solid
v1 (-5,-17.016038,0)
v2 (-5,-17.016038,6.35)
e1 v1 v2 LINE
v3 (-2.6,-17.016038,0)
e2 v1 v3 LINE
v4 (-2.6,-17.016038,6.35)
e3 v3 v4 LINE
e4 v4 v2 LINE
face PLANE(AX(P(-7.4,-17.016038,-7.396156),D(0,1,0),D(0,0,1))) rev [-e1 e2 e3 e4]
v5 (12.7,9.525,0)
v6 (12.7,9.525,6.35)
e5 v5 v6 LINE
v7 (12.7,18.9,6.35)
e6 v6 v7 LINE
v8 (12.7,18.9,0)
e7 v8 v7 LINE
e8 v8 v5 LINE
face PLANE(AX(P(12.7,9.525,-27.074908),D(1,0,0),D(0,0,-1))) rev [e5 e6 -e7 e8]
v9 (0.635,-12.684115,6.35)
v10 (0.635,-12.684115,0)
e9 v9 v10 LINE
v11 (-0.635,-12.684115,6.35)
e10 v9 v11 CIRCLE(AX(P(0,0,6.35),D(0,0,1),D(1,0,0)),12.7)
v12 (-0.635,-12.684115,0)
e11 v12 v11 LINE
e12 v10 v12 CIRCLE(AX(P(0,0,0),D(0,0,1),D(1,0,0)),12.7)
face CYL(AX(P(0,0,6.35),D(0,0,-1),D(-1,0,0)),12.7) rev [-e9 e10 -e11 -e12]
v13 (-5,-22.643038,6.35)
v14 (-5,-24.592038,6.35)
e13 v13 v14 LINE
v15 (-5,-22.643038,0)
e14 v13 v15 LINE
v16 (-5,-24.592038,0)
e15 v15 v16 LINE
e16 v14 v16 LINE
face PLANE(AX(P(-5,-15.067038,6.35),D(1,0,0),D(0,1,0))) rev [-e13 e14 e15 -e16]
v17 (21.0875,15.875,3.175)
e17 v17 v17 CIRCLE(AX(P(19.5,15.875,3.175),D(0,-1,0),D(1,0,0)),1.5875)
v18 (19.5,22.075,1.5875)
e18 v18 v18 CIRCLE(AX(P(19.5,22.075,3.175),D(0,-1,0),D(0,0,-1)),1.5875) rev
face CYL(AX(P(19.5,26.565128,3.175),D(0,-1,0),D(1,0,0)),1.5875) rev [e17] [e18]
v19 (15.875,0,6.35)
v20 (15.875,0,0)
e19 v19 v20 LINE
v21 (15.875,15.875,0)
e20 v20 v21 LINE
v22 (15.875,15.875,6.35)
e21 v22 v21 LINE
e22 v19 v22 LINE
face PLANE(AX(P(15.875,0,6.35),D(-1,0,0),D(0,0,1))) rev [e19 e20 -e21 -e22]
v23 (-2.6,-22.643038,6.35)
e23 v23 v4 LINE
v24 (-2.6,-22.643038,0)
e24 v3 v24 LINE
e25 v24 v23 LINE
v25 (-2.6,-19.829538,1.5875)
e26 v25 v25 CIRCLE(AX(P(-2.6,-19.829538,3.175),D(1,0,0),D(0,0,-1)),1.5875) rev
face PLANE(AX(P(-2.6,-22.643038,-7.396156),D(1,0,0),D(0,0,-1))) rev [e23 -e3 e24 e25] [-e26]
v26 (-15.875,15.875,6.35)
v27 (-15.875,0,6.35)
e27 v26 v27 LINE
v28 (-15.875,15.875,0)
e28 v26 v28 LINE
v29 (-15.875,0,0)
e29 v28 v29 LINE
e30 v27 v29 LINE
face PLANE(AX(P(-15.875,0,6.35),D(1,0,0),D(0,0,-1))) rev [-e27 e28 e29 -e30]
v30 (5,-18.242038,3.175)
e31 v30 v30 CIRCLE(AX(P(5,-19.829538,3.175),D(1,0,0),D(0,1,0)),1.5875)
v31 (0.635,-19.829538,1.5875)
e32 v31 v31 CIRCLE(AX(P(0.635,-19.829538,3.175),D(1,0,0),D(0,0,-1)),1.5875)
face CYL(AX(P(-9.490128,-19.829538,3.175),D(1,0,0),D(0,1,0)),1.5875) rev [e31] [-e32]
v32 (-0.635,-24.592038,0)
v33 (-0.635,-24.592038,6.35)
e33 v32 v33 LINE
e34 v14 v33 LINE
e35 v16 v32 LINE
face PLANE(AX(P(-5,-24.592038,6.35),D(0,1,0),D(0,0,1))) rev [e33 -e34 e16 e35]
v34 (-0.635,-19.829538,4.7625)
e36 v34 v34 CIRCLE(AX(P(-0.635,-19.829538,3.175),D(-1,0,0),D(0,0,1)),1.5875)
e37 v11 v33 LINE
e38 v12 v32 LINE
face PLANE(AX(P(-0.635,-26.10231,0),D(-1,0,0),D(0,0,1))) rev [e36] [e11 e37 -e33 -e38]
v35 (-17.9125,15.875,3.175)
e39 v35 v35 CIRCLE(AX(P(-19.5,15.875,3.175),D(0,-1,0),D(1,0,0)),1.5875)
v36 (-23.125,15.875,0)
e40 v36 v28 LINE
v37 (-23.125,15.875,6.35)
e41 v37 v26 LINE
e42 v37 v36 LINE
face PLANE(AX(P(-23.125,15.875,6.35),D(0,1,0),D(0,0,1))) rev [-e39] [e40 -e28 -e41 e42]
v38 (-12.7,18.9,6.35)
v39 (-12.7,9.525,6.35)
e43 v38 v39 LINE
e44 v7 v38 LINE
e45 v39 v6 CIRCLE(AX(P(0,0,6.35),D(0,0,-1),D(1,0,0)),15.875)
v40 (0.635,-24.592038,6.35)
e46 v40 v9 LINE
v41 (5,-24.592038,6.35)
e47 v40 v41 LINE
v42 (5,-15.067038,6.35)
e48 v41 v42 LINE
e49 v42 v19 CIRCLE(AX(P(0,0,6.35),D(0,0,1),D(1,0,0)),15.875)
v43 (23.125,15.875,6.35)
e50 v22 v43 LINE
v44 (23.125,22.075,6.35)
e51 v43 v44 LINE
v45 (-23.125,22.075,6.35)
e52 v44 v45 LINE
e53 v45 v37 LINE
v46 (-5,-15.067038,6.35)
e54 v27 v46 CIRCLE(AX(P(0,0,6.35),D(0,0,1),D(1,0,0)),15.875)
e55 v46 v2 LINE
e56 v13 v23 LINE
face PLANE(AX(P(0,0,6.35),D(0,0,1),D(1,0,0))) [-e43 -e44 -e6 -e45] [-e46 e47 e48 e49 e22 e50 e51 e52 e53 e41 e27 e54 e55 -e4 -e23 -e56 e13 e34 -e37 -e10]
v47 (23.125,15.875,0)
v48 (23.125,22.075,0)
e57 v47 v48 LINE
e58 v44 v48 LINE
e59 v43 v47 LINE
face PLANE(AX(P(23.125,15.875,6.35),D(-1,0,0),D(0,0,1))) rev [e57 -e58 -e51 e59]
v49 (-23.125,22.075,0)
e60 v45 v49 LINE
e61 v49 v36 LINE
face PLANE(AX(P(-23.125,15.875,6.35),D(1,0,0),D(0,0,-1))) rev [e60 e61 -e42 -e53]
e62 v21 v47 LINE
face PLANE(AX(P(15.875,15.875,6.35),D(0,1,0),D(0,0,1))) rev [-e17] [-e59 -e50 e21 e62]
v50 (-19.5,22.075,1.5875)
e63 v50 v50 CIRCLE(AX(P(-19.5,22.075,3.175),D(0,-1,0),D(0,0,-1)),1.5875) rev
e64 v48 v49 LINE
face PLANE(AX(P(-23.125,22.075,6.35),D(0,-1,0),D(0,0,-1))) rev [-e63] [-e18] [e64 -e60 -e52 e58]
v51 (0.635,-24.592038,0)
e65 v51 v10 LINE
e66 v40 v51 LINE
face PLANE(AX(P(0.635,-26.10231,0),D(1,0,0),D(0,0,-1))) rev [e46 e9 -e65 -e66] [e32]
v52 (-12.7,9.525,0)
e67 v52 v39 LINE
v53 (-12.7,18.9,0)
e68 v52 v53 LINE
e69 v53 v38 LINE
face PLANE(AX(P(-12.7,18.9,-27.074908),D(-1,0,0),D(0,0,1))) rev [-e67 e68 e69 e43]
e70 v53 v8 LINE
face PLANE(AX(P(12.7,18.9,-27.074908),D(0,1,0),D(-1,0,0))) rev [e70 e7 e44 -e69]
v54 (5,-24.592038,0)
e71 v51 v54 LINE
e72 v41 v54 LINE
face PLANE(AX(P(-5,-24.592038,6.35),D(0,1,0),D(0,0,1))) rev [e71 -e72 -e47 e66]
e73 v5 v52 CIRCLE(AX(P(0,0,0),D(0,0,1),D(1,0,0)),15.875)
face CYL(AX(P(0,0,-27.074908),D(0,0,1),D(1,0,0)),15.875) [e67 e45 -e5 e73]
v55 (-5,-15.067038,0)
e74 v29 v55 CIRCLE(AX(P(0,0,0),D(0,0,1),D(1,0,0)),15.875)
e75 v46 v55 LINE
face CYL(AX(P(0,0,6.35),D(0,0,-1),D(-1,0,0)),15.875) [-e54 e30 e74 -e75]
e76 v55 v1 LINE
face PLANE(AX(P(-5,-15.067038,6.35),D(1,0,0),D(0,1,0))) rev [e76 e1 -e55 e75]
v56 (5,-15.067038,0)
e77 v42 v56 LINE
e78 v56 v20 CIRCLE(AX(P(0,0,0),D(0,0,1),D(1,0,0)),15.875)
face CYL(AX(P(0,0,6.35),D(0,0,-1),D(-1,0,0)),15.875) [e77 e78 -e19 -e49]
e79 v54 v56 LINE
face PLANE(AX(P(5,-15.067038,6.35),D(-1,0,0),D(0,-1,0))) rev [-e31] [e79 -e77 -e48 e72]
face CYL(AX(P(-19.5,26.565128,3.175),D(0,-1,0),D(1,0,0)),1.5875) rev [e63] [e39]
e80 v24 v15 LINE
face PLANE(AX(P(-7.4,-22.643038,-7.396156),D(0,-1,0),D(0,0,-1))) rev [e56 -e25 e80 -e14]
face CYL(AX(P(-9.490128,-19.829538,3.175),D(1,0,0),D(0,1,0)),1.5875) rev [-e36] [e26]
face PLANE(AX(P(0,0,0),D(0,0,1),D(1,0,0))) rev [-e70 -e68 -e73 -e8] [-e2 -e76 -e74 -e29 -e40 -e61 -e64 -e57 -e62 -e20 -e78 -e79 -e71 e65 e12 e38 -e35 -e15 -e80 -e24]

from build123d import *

# Parameters (mm, degrees)
PROFILE_SKETCH_R             = 12.7
PROFILE_EXTRUDE_DEPTH        = 6.35
GAP_SKETCH_W                 = 1.27
GAP_SKETCH_H                 = 17.15262
GAP_CUT_DEPTH                = 7.35
CROSSBOLT_HOLE_SKETCH_R      = 1.5875
CROSSBOLT_HOLE_CUT_DEPTH     = 10
NUT_CAPTURE_POCKET_SKETCH_W  = 4.8
NUT_CAPTURE_POCKET_SKETCH_H  = 5.627
NUT_CAPTURE_POCKET_CUT_DEPTH = 6.35
MOUNTING_HOLE_SKETCH_R       = 1.5875
MOUNTING_HOLE_CUT_DEPTH      = 6.2
LIGHTENING_POCKET_CUT_DEPTH  = 6.35


with BuildPart() as part:
    # Profile Sketch → Profile Extrude (new body)
    with BuildSketch(Plane.XY):
        with BuildLine():
            Line((-15.875, 0), (-15.875, 15.875))
            Line((-15.875, 15.875), (-23.124999989, 15.875))
            Line((-23.124999989, 15.875), (-23.124999989, 22.075))
            Line((-23.124999989, 22.075), (23.124999989, 22.075))
            Line((23.124999989, 22.075), (23.124999989, 15.875))
            Line((23.124999989, 15.875), (15.875, 15.875))
            Line((15.875, 15.875), (15.875, 0))
            ThreePointArc((15.875, 0), (12.872269128, -9.290872537), (5, -15.067037698))
            Line((5, -15.067037698), (5, -24.592037698))
            Line((5, -24.592037698), (-5, -24.592037698))
            Line((-5, -24.592037698), (-5, -15.067037698))
            ThreePointArc((-5, -15.067037698), (-12.872269128, -9.290872537), (-15.875, 0))
        make_face()
        Circle(PROFILE_SKETCH_R, mode=Mode.SUBTRACT)
    extrude(amount=PROFILE_EXTRUDE_DEPTH)

    # Gap Sketch → Gap Cut (cut, through all)
    with BuildSketch(Plane.XY.offset(6.35)):
        with Locations((0, -17.526)):
            Rectangle(GAP_SKETCH_W, GAP_SKETCH_H)
    extrude(amount=-GAP_CUT_DEPTH, mode=Mode.SUBTRACT)

    # Crossbolt Hole Sketch → Crossbolt Hole Cut (cut)
    with BuildSketch(Plane(origin=(5, 0, 0), x_dir=(0, 0, -1), z_dir=(1, 0, 0))):
        with Locations((-3.175, -19.829537698)):
            Circle(CROSSBOLT_HOLE_SKETCH_R)
    extrude(amount=-CROSSBOLT_HOLE_CUT_DEPTH, mode=Mode.SUBTRACT)

    # Nut Capture Pocket Sketch → Nut Capture Pocket Cut (cut)
    with BuildSketch(Plane.XY.offset(6.35)):
        with Locations((-5, -19.829537698)):
            Rectangle(NUT_CAPTURE_POCKET_SKETCH_W, NUT_CAPTURE_POCKET_SKETCH_H)
    extrude(amount=-NUT_CAPTURE_POCKET_CUT_DEPTH, mode=Mode.SUBTRACT)

    # Mounting Hole Sketch → Mounting Hole Cut (cut)
    with BuildSketch(Plane.XZ.offset(-15.875)):
        with Locations((19.499999994, 3.175)):
            Circle(MOUNTING_HOLE_SKETCH_R)
        with Locations((-19.499999995, 3.175)):
            Circle(MOUNTING_HOLE_SKETCH_R)
    extrude(amount=-MOUNTING_HOLE_CUT_DEPTH, mode=Mode.SUBTRACT)

    # Lightening Pocket Sketch → Lightening Pocket Cut (cut)
    with BuildSketch(Plane.XY.offset(6.35)):
        with BuildLine():
            Line((12.7, 18.9), (-12.7, 18.9))
            Line((-12.7, 18.9), (-12.7, 9.525))
            ThreePointArc((-12.7, 9.525), (0, 15.875), (12.7, 9.525))
            Line((12.7, 9.525), (12.7, 18.9))
        make_face()
    extrude(amount=-LIGHTENING_POCKET_CUT_DEPTH, mode=Mode.SUBTRACT)


solid = part.part
